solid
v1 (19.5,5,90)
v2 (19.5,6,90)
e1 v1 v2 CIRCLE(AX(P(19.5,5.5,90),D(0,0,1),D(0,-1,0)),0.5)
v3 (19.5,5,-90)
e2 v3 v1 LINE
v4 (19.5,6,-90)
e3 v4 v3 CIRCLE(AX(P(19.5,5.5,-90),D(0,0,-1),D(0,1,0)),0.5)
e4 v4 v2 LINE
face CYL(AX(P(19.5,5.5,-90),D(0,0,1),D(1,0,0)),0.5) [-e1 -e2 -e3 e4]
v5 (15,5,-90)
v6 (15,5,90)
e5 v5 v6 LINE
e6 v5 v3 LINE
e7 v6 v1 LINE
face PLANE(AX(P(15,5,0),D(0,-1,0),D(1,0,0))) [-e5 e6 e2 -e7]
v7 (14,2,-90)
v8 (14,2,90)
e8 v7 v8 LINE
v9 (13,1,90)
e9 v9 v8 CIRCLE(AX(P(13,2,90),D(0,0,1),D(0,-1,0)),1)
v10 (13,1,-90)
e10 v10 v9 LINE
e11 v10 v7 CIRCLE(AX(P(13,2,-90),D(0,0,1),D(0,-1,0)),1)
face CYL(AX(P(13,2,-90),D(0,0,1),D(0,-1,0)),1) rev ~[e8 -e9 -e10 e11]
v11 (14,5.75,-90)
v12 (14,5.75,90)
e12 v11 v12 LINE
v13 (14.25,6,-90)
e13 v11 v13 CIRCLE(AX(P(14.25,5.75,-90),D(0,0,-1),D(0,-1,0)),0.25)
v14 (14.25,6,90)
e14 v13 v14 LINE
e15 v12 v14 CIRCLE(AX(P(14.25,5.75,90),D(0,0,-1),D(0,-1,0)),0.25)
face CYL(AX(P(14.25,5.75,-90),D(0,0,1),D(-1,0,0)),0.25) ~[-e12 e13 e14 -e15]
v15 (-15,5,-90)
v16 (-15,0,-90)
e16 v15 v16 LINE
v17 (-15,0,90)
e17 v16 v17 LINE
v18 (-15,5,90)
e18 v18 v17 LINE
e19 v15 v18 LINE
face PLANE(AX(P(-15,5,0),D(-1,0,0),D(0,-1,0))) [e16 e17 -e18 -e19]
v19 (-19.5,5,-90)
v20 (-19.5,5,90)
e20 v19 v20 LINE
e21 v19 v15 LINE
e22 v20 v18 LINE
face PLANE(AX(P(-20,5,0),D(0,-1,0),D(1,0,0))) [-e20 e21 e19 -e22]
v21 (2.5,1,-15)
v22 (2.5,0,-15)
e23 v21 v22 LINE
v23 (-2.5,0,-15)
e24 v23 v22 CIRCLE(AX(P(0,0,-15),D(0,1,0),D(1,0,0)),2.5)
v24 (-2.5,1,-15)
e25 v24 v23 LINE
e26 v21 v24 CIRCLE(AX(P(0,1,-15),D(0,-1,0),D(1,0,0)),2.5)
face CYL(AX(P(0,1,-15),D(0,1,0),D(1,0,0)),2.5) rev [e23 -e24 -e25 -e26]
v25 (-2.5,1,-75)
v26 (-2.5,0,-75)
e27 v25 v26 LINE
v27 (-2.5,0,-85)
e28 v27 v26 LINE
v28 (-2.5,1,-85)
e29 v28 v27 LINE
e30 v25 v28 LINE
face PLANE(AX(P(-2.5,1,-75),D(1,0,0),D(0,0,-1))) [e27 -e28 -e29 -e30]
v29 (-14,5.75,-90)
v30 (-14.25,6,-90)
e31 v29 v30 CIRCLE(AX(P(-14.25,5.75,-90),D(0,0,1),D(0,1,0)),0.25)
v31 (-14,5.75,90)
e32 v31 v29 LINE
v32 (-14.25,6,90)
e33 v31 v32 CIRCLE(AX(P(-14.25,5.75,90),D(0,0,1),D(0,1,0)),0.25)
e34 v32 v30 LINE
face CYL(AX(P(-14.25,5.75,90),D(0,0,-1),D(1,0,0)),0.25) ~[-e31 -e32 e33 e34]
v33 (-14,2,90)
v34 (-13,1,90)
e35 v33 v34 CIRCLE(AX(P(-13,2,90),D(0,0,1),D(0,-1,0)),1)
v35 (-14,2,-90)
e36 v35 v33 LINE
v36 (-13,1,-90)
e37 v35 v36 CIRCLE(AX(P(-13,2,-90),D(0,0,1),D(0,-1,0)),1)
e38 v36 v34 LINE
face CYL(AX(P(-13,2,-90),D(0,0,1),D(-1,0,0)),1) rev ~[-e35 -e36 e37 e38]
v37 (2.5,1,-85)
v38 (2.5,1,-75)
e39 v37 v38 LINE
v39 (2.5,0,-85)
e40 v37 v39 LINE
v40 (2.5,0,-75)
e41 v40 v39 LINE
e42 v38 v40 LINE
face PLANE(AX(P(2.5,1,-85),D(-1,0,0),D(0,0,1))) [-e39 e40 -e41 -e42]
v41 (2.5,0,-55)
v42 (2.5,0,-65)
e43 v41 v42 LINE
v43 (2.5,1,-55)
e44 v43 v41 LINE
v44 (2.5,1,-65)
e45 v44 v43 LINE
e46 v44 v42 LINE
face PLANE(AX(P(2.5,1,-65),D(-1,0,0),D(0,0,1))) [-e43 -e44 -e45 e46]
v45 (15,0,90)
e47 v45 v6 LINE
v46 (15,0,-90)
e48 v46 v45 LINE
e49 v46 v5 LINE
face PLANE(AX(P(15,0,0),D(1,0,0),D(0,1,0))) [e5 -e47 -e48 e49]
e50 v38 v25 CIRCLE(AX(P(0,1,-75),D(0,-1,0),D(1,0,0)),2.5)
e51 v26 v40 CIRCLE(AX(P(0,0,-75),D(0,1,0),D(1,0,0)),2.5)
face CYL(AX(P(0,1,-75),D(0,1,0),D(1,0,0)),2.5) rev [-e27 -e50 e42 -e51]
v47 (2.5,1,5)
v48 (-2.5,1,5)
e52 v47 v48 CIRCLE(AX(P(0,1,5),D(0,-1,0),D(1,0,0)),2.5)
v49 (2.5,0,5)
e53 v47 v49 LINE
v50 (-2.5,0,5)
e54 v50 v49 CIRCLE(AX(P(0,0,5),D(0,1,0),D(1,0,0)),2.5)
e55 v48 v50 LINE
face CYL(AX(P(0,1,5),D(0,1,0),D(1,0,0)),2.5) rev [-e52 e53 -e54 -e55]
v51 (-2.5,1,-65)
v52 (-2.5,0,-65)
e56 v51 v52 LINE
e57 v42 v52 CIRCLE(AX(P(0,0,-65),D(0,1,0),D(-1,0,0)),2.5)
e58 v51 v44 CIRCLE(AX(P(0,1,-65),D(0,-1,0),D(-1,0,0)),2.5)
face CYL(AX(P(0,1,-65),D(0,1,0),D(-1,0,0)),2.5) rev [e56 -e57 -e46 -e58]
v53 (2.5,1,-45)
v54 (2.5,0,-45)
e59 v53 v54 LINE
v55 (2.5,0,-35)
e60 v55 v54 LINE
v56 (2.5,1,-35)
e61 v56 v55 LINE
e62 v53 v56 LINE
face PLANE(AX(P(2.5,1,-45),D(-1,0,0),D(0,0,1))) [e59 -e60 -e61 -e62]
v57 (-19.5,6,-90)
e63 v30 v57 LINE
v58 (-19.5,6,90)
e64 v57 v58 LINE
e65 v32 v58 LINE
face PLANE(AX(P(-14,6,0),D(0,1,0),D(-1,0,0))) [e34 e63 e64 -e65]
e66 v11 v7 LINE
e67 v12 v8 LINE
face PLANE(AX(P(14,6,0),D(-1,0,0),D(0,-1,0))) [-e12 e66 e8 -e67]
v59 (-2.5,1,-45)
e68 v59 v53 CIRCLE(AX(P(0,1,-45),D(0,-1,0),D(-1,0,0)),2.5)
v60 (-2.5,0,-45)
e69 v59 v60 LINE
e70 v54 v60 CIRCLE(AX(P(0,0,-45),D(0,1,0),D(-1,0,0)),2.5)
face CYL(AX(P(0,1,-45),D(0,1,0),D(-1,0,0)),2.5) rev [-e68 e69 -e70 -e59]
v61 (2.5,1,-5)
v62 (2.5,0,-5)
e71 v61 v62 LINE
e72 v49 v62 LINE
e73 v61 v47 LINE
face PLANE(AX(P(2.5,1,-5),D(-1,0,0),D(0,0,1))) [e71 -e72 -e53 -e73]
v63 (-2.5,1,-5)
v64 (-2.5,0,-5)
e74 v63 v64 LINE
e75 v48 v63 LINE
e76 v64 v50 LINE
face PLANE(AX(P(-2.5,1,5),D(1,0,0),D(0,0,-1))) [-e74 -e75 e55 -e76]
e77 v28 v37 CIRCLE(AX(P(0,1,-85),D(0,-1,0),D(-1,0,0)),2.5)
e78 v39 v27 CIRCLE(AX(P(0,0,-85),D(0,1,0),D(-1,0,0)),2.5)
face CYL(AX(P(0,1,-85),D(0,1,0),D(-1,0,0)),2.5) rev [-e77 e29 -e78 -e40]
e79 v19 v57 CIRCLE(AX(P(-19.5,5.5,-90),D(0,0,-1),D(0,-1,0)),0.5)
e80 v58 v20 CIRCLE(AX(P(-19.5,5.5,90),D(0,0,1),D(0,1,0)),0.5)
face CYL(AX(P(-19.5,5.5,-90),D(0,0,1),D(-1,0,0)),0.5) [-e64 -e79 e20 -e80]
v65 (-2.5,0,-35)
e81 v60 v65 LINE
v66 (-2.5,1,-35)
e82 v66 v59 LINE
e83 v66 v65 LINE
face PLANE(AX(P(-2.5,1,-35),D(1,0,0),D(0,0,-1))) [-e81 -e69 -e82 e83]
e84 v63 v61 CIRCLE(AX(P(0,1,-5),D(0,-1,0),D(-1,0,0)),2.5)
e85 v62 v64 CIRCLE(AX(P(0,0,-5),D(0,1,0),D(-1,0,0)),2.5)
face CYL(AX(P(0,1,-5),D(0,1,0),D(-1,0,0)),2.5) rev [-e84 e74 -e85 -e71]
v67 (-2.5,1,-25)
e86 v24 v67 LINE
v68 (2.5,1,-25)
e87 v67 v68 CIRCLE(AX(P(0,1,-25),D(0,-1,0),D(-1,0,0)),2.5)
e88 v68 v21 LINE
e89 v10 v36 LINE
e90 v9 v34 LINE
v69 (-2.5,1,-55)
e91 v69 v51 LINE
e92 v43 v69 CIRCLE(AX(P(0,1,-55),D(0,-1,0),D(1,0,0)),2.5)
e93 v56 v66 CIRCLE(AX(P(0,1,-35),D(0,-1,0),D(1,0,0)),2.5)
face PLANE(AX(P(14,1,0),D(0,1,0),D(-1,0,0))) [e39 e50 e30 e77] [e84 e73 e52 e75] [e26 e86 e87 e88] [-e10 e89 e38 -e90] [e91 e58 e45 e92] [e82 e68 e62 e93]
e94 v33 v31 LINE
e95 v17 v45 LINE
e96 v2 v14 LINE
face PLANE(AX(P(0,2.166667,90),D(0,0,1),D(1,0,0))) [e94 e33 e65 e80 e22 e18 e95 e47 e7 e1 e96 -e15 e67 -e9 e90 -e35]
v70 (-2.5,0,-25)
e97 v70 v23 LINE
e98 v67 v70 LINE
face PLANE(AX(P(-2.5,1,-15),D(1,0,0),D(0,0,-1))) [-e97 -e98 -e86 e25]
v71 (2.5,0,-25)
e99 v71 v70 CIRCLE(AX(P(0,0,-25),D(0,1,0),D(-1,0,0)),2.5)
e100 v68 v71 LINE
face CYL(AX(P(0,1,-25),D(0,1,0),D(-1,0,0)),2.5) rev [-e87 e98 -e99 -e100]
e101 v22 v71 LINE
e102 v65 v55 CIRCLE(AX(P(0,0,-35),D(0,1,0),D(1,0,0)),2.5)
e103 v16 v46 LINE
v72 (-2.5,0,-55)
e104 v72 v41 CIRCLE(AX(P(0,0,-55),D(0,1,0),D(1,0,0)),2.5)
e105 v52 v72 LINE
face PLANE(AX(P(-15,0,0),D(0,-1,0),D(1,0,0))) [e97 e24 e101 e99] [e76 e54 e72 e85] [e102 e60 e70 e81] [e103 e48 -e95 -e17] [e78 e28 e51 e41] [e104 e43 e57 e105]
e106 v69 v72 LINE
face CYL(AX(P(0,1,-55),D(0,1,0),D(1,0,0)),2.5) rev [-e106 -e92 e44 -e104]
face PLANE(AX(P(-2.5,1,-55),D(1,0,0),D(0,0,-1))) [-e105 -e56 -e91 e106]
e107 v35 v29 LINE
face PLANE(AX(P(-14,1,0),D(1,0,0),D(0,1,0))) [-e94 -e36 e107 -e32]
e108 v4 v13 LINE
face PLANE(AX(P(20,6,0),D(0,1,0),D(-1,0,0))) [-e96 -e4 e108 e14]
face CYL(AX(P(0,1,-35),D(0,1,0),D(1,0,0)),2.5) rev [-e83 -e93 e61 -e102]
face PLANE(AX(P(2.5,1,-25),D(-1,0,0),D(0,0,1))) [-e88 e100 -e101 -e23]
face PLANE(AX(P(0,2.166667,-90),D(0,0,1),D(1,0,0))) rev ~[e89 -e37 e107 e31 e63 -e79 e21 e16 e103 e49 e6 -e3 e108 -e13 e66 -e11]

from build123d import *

# Parameters (mm, degrees)
EXTRUDE_THIN1_DEPTH = 90
FILLET1_R           = 1
FILLET2_R           = 0.25
FILLET3_RADIUS      = 0.5
FILLET3_LENGTH      = 180
FILLET4_RADIUS      = 0.5
FILLET4_LENGTH      = 180
CUT_EXTRUDE1_DEPTH  = 93.330926563
LPATTERN1_COUNT     = 5
LPATTERN1_PITCH     = 20


with BuildPart() as part:
    # Sketch1 → Extrude-Thin1 (new, symmetric)
    with BuildSketch(Plane.XY):
        Polygon((-20, 5), (-15, 5), (-15, 0), (15, 0), (15, 5), (20, 5), (20, 6), (14, 6), (14, 1), (-14, 1), (-14, 6), (-20, 6), align=None)
    extrude(amount=EXTRUDE_THIN1_DEPTH, both=True)

    # Fillet1
    fillet1_edges = [part.edges().sort_by_distance(p)[0] for p in [
        (-14, 1, 0),
        (14, 1, 0),
    ]]
    fillet(fillet1_edges, radius=FILLET1_R)

    # Fillet2
    fillet2_edges = [part.edges().sort_by_distance(p)[0] for p in [
        (-14, 6, 0),
        (14, 6, 0),
    ]]
    fillet(fillet2_edges, radius=FILLET2_R)

    # Fillet3: full round fillet: the end face becomes a half cylinder, R = half its width
    fillet3_face = Plane((20, 5.5, 0), x_dir=(0, 0, 1), z_dir=(1, 0, 0))  # on the end face: x along it, z out of the body
    fillet3_slab = fillet3_face.offset(-FILLET3_RADIUS / 2) * Box(FILLET3_LENGTH, 2 * FILLET3_RADIUS, FILLET3_RADIUS, mode=Mode.PRIVATE)  # the body's end, R deep
    fillet3_round = Plane((19.5, 5.5, 0), x_dir=(1, 0, 0), z_dir=(0, 0, 1)) * Cylinder(FILLET3_RADIUS, FILLET3_LENGTH, mode=Mode.PRIVATE)  # its axis R under the face
    add(fillet3_slab - fillet3_round, mode=Mode.SUBTRACT)

    # Fillet4: full round fillet: the end face becomes a half cylinder, R = half its width
    fillet4_face = Plane((-20, 5.5, 0), x_dir=(0, 0, 1), z_dir=(-1, 0, 0))  # on the end face: x along it, z out of the body
    fillet4_slab = fillet4_face.offset(-FILLET4_RADIUS / 2) * Box(FILLET4_LENGTH, 2 * FILLET4_RADIUS, FILLET4_RADIUS, mode=Mode.PRIVATE)  # the body's end, R deep
    fillet4_round = Plane((-19.5, 5.5, 0), x_dir=(-1, 0, 0), z_dir=(0, 0, 1)) * Cylinder(FILLET4_RADIUS, FILLET4_LENGTH, mode=Mode.PRIVATE)  # its axis R under the face
    add(fillet4_slab - fillet4_round, mode=Mode.SUBTRACT)

    # Sketch2 → Cut-Extrude1 (cut, through all)
    with BuildSketch(Plane(origin=(0, 1, 0), x_dir=(1, 0, 0), z_dir=(0, 1, 0))):
        with BuildLine():
            Line((-2.5, -5), (-2.5, 5))
            ThreePointArc((-2.5, 5), (0, 7.5), (2.5, 5))
            Line((2.5, 5), (2.5, -5))
            ThreePointArc((2.5, -5), (0, -7.5), (-2.5, -5))
        make_face()
    cut_extrude1 = extrude(amount=-CUT_EXTRUDE1_DEPTH, mode=Mode.SUBTRACT)

    # LPattern1: Cut-Extrude1 ×5
    with Locations(*[(0, 0, -i * LPATTERN1_PITCH) for i in range(1, LPATTERN1_COUNT)]):
        add(cut_extrude1, mode=Mode.SUBTRACT)


solid = part.part
